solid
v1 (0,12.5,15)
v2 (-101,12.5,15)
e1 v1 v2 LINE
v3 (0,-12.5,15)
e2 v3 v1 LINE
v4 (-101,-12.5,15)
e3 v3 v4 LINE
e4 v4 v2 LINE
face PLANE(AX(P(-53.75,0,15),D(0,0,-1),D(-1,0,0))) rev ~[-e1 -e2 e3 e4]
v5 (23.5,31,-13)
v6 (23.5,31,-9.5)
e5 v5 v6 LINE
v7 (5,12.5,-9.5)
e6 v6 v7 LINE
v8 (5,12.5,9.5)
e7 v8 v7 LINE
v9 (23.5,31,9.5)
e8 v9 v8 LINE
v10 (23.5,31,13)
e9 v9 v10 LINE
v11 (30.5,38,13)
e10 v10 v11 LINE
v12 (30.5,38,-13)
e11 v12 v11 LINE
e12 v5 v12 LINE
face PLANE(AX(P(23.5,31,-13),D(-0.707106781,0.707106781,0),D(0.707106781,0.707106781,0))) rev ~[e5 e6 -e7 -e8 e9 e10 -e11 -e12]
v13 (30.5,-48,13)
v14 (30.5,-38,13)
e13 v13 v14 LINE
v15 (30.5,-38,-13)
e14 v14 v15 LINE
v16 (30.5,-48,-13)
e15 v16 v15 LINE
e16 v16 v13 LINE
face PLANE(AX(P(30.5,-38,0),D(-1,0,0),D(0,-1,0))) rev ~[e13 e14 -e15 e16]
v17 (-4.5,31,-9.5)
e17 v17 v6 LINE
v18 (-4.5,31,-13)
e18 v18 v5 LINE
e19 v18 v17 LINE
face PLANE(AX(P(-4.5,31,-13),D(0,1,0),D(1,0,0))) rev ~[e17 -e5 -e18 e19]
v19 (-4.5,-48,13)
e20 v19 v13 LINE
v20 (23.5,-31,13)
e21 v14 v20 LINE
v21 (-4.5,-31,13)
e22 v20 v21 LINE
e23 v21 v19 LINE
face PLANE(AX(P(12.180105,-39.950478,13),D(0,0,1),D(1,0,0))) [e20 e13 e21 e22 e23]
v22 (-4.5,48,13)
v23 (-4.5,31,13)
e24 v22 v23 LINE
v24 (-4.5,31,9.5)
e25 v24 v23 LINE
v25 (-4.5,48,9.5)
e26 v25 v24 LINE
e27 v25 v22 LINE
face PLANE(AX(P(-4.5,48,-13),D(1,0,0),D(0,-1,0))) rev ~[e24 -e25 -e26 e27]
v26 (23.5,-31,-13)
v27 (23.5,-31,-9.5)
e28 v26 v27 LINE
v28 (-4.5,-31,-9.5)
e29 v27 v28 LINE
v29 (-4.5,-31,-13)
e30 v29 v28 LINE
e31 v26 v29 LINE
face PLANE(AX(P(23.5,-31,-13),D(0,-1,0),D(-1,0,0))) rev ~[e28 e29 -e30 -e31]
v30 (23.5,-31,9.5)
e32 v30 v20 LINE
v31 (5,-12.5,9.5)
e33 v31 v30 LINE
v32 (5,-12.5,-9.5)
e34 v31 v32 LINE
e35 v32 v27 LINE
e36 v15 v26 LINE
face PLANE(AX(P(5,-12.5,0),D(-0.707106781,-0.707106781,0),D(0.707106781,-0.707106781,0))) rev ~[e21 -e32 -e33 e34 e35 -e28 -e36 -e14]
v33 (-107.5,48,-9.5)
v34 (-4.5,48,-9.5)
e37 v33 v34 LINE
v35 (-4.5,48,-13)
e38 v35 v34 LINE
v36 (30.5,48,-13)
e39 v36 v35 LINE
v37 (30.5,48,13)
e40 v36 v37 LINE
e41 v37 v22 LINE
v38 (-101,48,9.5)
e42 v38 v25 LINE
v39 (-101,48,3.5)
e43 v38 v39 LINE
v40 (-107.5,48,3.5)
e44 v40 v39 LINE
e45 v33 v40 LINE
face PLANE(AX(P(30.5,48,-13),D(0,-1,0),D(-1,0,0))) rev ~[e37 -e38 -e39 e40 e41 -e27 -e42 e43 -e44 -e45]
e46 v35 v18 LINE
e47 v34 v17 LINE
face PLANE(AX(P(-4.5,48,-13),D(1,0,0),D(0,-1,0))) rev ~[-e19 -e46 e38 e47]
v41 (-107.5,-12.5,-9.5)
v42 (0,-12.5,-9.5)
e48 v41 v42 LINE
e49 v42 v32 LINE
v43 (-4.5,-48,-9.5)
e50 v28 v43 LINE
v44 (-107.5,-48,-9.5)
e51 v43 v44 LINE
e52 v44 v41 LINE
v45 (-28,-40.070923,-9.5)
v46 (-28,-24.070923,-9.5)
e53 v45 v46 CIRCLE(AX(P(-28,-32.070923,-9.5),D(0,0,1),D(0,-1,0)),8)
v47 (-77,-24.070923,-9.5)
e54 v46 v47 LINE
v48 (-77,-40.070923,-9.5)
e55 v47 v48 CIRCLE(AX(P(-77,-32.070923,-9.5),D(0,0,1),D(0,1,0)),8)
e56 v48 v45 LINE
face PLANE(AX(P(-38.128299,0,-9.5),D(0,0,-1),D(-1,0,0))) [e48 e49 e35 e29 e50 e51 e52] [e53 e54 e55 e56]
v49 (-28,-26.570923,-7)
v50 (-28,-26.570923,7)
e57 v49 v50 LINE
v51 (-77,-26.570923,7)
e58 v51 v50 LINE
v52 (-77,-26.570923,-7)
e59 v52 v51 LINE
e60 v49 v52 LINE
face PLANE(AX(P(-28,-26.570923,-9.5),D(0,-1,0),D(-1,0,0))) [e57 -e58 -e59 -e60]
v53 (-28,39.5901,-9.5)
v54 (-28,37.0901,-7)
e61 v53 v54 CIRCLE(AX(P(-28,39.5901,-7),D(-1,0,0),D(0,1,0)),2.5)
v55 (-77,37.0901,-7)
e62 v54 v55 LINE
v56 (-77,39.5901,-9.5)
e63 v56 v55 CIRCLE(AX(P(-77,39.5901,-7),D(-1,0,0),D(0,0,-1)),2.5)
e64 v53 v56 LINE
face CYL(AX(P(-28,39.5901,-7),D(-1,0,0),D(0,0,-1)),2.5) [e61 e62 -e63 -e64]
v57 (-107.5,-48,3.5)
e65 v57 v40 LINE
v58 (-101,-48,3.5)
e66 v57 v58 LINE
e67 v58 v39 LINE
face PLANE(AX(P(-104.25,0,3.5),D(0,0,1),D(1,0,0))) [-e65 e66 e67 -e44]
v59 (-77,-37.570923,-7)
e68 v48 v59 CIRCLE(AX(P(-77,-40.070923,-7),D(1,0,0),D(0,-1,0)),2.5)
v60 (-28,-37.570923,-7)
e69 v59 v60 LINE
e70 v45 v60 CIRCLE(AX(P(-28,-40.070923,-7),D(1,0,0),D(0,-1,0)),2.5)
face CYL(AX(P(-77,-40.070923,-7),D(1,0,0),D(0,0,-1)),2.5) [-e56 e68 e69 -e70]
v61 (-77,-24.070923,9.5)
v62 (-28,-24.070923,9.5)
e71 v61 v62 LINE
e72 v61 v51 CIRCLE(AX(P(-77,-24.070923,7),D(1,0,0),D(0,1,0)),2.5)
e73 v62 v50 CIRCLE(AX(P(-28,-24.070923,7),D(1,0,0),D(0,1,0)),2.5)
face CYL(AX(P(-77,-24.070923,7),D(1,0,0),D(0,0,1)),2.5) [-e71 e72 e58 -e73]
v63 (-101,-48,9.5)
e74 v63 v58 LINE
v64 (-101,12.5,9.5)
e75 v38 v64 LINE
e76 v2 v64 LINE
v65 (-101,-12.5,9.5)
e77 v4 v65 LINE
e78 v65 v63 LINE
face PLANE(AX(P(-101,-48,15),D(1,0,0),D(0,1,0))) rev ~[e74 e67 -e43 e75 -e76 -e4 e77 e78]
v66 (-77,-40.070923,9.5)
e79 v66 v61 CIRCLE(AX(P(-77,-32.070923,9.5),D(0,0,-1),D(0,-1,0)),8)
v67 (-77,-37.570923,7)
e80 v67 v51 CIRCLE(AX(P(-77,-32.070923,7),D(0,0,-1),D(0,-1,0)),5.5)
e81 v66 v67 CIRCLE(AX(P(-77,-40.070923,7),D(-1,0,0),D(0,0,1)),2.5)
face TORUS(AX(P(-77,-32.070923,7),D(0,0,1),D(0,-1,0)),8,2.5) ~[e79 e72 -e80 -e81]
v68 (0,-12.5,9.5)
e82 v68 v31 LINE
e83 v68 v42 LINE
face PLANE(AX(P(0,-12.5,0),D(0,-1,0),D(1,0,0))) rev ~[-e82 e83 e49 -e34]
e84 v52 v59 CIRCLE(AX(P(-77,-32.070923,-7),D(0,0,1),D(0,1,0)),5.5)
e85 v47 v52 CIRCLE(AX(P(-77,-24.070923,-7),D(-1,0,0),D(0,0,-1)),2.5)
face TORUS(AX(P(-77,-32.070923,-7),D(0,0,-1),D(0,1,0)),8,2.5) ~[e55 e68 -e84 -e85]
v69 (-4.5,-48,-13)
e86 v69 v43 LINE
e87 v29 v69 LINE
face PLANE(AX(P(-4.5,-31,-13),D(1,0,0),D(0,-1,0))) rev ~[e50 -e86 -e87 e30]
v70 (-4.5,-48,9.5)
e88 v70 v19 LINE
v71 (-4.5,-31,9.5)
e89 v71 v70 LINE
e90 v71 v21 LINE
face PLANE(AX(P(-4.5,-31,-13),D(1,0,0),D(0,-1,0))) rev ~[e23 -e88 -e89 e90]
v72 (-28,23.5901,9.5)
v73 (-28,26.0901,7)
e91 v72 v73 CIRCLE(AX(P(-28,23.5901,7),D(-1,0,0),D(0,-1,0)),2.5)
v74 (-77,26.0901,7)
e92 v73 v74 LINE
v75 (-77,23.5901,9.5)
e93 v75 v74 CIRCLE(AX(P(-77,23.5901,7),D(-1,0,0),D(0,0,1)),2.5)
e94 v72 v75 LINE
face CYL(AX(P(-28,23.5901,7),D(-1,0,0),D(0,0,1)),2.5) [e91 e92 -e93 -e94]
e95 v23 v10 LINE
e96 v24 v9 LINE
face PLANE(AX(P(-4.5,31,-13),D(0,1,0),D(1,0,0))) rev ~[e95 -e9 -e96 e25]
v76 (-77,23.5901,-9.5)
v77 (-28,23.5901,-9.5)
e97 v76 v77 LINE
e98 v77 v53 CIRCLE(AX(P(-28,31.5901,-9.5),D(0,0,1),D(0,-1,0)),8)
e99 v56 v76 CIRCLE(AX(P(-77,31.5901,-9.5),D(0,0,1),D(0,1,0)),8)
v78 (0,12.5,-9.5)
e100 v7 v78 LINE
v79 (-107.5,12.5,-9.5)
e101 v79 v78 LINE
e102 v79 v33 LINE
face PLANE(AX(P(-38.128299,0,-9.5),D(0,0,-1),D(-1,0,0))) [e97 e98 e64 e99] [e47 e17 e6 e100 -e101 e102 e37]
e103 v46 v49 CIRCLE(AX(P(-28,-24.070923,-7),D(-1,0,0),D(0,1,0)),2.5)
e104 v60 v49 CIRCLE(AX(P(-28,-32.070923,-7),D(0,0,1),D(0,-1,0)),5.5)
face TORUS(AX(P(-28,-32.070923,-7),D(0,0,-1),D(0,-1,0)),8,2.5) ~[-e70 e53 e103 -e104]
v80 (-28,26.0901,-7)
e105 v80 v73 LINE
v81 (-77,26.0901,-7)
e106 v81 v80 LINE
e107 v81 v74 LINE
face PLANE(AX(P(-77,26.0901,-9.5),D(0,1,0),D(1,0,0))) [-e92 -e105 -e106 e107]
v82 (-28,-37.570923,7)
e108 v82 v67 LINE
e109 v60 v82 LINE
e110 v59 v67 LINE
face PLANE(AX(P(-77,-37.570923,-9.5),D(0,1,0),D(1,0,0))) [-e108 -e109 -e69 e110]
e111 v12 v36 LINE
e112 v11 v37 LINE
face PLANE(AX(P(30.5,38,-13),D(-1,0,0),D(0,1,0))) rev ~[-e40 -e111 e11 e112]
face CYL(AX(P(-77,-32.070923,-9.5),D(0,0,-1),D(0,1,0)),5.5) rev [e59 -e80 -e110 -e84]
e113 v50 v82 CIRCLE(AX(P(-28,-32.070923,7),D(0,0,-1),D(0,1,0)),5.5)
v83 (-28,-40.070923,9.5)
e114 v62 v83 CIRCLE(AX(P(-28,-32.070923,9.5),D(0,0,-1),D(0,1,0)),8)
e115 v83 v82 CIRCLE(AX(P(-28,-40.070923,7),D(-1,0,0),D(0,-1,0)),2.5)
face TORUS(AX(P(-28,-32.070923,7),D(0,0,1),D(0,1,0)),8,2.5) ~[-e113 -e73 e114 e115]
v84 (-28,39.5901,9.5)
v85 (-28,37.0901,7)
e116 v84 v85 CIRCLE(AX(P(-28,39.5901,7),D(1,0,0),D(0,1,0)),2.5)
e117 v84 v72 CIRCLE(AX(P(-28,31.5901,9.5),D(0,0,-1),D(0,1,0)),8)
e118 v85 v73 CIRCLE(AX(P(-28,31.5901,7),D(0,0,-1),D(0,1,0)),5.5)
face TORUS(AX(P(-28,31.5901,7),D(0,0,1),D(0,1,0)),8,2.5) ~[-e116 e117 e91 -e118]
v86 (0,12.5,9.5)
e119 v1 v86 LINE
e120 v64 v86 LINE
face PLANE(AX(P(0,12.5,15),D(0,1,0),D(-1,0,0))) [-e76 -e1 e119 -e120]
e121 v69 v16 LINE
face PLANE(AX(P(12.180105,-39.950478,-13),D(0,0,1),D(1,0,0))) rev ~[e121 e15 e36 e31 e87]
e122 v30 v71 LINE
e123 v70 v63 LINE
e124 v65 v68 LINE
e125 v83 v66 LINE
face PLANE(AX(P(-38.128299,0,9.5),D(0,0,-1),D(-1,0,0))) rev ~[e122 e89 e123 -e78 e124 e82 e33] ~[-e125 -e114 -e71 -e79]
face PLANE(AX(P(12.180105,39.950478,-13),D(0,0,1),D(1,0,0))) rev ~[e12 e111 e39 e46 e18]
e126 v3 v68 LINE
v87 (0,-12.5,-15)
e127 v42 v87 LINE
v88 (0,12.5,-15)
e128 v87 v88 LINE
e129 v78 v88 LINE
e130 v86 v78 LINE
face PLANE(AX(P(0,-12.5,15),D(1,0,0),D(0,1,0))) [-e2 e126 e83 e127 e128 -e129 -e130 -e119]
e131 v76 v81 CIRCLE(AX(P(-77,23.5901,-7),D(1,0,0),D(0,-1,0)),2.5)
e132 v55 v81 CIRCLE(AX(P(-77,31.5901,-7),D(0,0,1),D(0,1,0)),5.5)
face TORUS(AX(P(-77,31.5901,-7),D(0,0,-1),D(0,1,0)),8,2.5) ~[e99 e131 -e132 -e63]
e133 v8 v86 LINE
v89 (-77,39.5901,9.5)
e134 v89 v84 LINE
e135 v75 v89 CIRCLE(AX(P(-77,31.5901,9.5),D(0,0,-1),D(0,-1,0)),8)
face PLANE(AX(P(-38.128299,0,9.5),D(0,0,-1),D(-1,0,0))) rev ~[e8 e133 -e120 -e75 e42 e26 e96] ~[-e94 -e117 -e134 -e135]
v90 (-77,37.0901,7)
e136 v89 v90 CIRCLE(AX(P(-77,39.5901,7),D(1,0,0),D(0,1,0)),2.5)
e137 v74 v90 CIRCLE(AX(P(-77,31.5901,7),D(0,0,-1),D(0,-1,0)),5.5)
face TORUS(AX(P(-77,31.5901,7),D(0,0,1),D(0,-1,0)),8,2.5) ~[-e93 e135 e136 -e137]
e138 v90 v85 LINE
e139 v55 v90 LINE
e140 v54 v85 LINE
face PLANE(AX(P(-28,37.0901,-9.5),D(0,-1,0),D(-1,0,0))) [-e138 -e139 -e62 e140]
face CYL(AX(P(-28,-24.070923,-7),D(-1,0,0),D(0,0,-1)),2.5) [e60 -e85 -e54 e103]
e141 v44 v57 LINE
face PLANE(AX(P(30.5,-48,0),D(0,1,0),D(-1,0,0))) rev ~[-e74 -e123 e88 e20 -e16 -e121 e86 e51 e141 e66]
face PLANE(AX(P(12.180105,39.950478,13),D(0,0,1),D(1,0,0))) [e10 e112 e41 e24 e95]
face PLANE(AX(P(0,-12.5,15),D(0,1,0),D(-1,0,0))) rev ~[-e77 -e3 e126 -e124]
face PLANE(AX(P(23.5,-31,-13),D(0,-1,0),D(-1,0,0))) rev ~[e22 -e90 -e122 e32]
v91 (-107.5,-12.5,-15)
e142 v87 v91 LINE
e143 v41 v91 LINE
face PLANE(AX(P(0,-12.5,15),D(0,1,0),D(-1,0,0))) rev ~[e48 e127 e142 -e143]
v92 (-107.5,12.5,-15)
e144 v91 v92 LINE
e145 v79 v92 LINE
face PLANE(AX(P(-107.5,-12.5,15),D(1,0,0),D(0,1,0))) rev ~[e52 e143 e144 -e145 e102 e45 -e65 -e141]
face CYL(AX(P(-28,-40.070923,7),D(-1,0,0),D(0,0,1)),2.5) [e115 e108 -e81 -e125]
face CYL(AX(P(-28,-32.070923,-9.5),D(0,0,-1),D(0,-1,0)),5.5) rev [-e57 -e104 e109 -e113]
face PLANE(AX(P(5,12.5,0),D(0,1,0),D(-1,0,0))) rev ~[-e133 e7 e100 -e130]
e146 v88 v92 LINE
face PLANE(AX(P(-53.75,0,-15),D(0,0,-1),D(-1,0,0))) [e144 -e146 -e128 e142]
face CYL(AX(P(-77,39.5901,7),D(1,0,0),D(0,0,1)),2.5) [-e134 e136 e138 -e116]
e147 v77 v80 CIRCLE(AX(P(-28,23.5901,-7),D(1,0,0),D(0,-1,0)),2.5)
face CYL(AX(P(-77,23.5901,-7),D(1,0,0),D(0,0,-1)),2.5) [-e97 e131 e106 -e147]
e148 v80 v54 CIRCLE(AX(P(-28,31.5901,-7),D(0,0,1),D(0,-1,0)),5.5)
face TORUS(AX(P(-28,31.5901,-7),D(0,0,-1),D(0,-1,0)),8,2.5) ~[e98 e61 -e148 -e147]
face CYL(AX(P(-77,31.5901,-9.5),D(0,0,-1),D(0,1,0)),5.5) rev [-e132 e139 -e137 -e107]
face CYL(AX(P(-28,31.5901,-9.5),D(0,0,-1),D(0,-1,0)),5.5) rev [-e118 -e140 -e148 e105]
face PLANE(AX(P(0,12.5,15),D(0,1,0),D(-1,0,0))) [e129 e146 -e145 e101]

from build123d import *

# Parameters (mm, degrees)
EXTRUDE_1_DEPTH      = 9.5
EXTRUDE_2_DEPTH      = 3.5
EXTRUDE_2_DEPTH_BACK = 22.5
EXTRUDE_3_DEPTH      = 5.5
EXTRUDE_3_DEPTH_BACK = 24.5
SKETCH_8_W           = 107.5
SKETCH_8_H           = 25
SKETCH_9_W           = 6.5
SKETCH_9_H           = 96
CUT_EXTRUDE_1_DEPTH  = 11.5
CUT_EXTRUDE_2_DEPTH  = 52.5
FILLET_1_R           = 2.5


with BuildPart() as part:
    # 草图1 → 凸台-拉伸1 (new, symmetric)
    with BuildSketch(Plane.XY):
        Polygon((-107.5, 48), (30.5, 48), (30.5, 38), (5, 12.5), (0, 12.5), (0, -12.5), (5, -12.5), (30.5, -38), (30.5, -48), (-107.5, -48), align=None)
    extrude(amount=EXTRUDE_1_DEPTH, both=True)

    # 草图2 → 凸台-拉伸2 (add, two sides: drawn at the far end of the back side and taken through both)
    with BuildSketch(Plane.XY.offset(9.5).offset(-EXTRUDE_2_DEPTH_BACK)):
        Polygon((-4.5, 31), (23.5, 31), (30.5, 38), (30.5, 48), (-4.5, 48), align=None)
        Polygon((30.5, -38), (23.5, -31), (-4.5, -31), (-4.5, -48), (30.5, -48), align=None)
    extrude(amount=EXTRUDE_2_DEPTH + EXTRUDE_2_DEPTH_BACK)

    # 草图8 → 凸台-拉伸3 (add, two sides: drawn at the far end of the back side and taken through both)
    with BuildSketch(Plane(origin=(0, 0, -9.5), x_dir=(-1, 0, 0), z_dir=(0, 0, -1)).offset(-EXTRUDE_3_DEPTH_BACK)):
        with Locations((53.75, 0)):
            Rectangle(SKETCH_8_W, SKETCH_8_H)
    extrude(amount=EXTRUDE_3_DEPTH + EXTRUDE_3_DEPTH_BACK)

    # 草图9 → 切除-拉伸1 (cut)
    with BuildSketch(Plane.XY.offset(15)):
        with Locations((-104.25, 0)):
            Rectangle(SKETCH_9_W, SKETCH_9_H)
    extrude(amount=-CUT_EXTRUDE_1_DEPTH, mode=Mode.SUBTRACT)

    # 草图11 → 切除-拉伸2 (cut)
    with BuildSketch(Plane(origin=(0, 0, -9.5), x_dir=(-1, 0, 0), z_dir=(0, 0, -1))):
        with BuildLine():
            Line((28, 37.09009956), (77, 37.09009956))
            ThreePointArc((77, 37.09009956), (82.5, 31.59009956), (77, 26.09009956))
            Line((77, 26.09009956), (28, 26.09009956))
            ThreePointArc((28, 26.09009956), (22.5, 31.59009956), (28, 37.09009956))
        make_face()
        with BuildLine():
            Line((28, -26.570922994), (77, -26.570922994))
            ThreePointArc((77, -26.570922994), (82.5, -32.070922994), (77, -37.570922994))
            Line((77, -37.570922994), (28, -37.570922994))
            ThreePointArc((28, -37.570922994), (22.5, -32.070922994), (28, -26.570922994))
        make_face()
    extrude(amount=-CUT_EXTRUDE_2_DEPTH, mode=Mode.SUBTRACT)

    # 圆角1
    fillet_1_edges = [part.edges().sort_by_distance(p)[0] for p in [
        (-22.5, 31.59009956, 9.5),
        (-52.5, 37.09009956, 9.5),
        (-82.5, 31.59009956, 9.5),
        (-52.5, 26.09009956, 9.5),
        (-22.5, 31.59009956, -9.5),
        (-52.5, 26.09009956, -9.5),
        (-82.5, 31.59009956, -9.5),
        (-52.5, 37.09009956, -9.5),
        (-22.5, -32.070922994, 9.5),
        (-52.5, -26.570922994, 9.5),
        (-82.5, -32.070922994, 9.5),
        (-52.5, -37.570922994, 9.5),
        (-22.5, -32.070922994, -9.5),
        (-52.5, -37.570922994, -9.5),
        (-82.5, -32.070922994, -9.5),
        (-52.5, -26.570922994, -9.5),
    ]]
    fillet(fillet_1_edges, radius=FILLET_1_R)


solid = part.part
